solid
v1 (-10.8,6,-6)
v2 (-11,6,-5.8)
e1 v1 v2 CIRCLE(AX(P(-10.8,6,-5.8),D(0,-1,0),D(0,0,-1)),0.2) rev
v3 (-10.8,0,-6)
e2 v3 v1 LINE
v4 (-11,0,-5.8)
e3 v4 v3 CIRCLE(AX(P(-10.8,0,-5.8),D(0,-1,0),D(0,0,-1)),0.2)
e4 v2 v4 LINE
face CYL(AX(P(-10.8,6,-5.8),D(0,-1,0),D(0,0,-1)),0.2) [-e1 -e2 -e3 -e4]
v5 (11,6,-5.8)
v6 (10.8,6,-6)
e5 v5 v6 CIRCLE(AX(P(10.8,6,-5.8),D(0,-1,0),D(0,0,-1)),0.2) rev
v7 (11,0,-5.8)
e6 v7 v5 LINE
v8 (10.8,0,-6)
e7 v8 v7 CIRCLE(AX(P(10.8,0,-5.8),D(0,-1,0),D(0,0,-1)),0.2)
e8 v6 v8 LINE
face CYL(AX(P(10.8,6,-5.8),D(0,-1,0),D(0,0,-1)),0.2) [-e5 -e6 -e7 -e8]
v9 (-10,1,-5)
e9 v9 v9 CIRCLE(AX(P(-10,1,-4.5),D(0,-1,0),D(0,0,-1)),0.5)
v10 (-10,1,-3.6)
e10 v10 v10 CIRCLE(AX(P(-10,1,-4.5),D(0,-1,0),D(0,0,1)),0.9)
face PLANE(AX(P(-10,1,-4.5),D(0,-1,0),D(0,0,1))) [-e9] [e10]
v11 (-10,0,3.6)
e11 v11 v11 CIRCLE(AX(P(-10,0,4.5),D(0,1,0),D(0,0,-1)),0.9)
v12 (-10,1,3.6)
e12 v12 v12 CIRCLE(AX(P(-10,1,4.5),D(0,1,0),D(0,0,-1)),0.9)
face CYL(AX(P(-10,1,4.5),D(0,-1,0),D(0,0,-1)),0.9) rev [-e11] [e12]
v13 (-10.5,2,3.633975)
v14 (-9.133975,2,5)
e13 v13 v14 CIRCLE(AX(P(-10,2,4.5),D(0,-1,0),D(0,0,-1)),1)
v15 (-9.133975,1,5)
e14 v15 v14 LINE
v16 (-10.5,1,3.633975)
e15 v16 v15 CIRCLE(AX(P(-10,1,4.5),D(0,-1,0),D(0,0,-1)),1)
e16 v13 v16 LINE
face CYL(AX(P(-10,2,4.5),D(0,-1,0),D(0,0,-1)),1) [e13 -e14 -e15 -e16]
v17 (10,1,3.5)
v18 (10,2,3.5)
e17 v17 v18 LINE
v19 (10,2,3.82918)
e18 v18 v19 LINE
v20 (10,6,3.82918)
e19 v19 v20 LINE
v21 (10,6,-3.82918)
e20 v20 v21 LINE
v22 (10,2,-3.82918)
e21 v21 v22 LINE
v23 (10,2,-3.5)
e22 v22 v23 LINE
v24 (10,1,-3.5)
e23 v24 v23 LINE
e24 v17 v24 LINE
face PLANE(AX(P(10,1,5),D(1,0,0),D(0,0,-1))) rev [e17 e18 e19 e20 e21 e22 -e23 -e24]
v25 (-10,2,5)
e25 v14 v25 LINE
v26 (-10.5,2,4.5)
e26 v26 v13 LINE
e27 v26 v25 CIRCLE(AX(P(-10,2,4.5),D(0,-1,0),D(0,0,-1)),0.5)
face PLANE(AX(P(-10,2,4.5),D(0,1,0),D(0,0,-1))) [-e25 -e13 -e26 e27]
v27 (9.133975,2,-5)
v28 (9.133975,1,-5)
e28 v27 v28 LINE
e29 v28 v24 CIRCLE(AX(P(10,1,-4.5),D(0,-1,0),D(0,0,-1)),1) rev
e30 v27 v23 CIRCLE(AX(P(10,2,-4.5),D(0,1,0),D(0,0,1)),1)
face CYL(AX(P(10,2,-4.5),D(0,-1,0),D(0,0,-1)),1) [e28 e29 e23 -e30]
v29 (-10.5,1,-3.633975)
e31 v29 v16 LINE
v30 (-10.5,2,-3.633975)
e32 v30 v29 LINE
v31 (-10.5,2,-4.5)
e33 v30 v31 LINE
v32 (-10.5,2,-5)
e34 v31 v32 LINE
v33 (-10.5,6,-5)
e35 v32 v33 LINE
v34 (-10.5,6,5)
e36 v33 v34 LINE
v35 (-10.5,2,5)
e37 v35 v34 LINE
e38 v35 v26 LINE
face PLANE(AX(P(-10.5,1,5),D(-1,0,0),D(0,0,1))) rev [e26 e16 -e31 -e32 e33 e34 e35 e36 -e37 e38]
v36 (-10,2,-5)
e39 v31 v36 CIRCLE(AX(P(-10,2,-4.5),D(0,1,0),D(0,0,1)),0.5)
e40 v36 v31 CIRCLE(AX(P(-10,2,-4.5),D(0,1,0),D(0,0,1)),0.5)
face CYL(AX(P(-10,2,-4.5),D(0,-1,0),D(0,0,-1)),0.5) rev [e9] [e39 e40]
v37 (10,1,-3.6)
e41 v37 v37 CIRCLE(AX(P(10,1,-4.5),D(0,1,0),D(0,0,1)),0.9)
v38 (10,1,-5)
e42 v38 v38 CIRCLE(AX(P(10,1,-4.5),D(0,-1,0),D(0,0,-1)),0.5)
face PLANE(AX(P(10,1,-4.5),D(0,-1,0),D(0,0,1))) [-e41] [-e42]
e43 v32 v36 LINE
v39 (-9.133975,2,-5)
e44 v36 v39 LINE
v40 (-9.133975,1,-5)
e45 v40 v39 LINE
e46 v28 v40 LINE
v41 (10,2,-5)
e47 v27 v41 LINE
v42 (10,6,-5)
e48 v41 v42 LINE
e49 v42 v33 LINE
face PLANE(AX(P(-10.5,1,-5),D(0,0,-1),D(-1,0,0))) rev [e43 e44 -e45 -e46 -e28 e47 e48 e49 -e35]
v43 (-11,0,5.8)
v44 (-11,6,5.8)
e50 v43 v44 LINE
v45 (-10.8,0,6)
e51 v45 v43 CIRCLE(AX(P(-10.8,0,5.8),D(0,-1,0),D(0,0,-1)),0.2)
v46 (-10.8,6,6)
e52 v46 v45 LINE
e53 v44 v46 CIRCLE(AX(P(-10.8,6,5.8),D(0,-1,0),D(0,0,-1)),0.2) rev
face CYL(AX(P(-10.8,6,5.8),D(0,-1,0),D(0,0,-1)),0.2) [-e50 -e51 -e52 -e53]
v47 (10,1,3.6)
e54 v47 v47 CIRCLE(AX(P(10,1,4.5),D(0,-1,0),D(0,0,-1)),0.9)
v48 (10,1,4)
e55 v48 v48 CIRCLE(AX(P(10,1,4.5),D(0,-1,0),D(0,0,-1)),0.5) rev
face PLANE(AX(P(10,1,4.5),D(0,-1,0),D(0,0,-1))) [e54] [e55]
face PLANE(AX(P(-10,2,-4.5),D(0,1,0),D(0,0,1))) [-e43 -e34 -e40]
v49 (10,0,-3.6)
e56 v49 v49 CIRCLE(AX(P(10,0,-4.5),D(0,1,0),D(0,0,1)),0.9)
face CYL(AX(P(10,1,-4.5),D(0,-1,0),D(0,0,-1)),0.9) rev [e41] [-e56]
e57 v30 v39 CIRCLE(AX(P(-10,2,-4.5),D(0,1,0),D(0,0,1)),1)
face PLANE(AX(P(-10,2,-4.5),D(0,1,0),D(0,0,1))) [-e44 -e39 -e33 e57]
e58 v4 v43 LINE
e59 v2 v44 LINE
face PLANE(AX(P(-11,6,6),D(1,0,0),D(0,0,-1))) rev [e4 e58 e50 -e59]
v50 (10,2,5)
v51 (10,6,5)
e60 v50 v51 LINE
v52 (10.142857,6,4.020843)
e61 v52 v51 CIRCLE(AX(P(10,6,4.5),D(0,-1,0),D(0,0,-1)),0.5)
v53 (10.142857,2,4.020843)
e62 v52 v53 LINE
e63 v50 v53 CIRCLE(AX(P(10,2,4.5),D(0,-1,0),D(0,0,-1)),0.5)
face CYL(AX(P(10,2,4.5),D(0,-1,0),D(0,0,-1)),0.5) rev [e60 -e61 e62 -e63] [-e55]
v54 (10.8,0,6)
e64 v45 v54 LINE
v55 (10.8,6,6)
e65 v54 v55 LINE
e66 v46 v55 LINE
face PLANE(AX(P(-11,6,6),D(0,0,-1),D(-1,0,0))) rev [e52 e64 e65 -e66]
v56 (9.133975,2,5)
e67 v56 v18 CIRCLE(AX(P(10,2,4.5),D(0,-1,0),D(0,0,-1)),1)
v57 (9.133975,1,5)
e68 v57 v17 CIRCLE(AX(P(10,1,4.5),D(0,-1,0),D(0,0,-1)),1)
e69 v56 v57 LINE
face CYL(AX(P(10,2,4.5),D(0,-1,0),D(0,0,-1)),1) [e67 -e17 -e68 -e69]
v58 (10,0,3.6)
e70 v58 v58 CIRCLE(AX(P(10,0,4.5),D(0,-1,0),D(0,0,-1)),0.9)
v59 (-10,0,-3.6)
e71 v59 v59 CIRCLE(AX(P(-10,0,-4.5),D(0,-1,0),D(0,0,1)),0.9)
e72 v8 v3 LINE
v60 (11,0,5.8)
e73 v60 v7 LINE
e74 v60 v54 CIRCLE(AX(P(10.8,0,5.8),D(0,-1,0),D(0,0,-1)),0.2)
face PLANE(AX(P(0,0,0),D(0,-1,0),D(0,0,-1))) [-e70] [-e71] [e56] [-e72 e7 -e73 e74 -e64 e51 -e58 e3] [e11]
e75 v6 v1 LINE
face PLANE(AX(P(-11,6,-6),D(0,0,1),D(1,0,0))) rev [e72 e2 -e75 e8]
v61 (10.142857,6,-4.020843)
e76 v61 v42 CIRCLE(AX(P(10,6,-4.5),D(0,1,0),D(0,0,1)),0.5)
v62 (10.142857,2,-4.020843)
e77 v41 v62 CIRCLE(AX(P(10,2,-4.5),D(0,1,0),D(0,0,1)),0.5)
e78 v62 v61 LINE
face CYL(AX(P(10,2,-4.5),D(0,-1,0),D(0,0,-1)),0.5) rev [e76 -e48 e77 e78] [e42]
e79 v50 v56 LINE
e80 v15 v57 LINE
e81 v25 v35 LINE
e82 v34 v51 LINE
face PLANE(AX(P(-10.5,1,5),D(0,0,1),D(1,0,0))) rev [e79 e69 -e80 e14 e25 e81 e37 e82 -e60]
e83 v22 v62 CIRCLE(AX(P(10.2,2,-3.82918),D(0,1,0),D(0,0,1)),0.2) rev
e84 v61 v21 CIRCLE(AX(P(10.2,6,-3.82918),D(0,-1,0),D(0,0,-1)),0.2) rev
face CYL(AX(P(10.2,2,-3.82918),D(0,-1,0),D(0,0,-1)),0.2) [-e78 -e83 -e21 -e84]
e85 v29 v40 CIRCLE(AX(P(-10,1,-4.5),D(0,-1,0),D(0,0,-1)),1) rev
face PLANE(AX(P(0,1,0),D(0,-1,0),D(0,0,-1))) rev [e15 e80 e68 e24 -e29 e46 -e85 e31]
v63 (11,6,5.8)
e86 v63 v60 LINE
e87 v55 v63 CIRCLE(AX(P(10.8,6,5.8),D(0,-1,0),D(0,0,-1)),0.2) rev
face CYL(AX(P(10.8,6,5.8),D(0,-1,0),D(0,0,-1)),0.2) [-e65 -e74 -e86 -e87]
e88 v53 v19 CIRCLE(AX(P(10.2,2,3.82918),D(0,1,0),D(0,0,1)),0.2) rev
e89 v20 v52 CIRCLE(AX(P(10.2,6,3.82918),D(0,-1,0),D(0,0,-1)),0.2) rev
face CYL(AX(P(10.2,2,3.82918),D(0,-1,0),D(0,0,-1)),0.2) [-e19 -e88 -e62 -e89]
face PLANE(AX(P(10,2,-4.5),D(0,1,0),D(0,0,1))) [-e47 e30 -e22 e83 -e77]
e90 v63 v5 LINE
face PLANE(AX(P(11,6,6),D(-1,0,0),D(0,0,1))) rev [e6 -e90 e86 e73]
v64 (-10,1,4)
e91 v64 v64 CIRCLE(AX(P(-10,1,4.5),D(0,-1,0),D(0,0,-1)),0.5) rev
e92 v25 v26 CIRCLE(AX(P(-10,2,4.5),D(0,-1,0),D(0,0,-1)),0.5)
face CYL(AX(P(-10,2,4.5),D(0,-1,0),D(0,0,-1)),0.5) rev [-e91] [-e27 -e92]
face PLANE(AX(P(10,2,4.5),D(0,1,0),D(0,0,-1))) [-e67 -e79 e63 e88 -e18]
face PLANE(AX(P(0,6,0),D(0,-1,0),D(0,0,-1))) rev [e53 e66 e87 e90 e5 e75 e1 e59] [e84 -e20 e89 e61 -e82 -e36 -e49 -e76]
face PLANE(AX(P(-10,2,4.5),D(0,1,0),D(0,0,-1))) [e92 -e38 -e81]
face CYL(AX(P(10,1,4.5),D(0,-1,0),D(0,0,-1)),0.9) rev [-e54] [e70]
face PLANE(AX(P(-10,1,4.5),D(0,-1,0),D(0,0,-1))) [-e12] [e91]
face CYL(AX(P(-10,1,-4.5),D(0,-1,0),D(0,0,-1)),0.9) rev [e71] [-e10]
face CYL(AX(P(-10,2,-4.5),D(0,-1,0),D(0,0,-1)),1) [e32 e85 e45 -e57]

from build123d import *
from build123d.topology import SkipClean

# Parameters (mm, degrees)
SKETCH1_W               = 22
SKETCH1_H               = 12
BOSS_EXTRUDE1_DEPTH     = 6
FILLET1_R               = 0.2
SKETCH2_W               = 20.5
SKETCH2_H               = 10
CUT_EXTRUDE1_DEPTH      = 5
SKETCH3_R               = 1
SKETCH3_R_2             = 0.5
BOSS_EXTRUDE2_DEPTH     = 1
SKETCH7_R               = 1
SKETCH7_R_2             = 0.5
BOSS_EXTRUDE3_DEPTH     = 1
SKETCH8_R               = 0.5
CUT_EXTRUDE4_DEPTH      = 14.892443989
FILLET2_R               = 0.2
MIRROR5_COPY_1_SKETCH_R = 0.5
MIRROR5_COPY_1_DEPTH    = 14.892443989
SKETCH9_R               = 0.9
CUT_EXTRUDE12_DEPTH     = 1
MIRROR7_COPY_1_SKETCH_R = 0.9
MIRROR7_COPY_1_DEPTH    = 1


with BuildPart() as part:
    # Sketch1 → Boss-Extrude1 (new body)
    with BuildSketch(Plane(origin=(0, 0, 0), x_dir=(1, 0, 0), z_dir=(0, 1, 0))):
        Rectangle(SKETCH1_W, SKETCH1_H)
    extrude(amount=BOSS_EXTRUDE1_DEPTH)

    # Fillet1
    fillet1_edges = [part.edges().sort_by_distance(p)[0] for p in [
        (11, 3, 6),
        (-11, 3, 6),
        (-11, 3, -6),
        (11, 3, -6),
    ]]
    fillet(fillet1_edges, radius=FILLET1_R)

    # Sketch2 → Cut-Extrude1 (cut)
    with BuildSketch(Plane(origin=(0, 6, 0), x_dir=(1, 0, 0), z_dir=(0, 1, 0))):
        with Locations((-0.25, 0)):
            Rectangle(SKETCH2_W, SKETCH2_H)
    extrude(amount=-CUT_EXTRUDE1_DEPTH, mode=Mode.SUBTRACT)

    # Sketch3 → Boss-Extrude2 (add)
    with BuildSketch(Plane(origin=(0, 1, 0), x_dir=(1, 0, 0), z_dir=(0, 1, 0))):
        with Locations((10, 4.5)):
            Circle(SKETCH3_R)
        with Locations((10, 4.5)):
            Circle(SKETCH3_R_2, mode=Mode.SUBTRACT)
    boss_extrude2 = extrude(amount=BOSS_EXTRUDE2_DEPTH)

    # Mirror1: Boss-Extrude2 across plane
    add(boss_extrude2.mirror(Plane.XY))

    # Sketch7 → Boss-Extrude3 (add)
    with BuildSketch(Plane(origin=(0, 1, 0), x_dir=(1, 0, 0), z_dir=(0, 1, 0))):
        with Locations((-10, 4.5)):
            Circle(SKETCH7_R)
        with Locations(Location((-10, 4.5, 0), (0, 0, 90))):
            Circle(SKETCH7_R_2, mode=Mode.SUBTRACT)
    boss_extrude3 = extrude(amount=BOSS_EXTRUDE3_DEPTH)

    # Mirror3: Boss-Extrude3 across plane
    add(boss_extrude3.mirror(Plane.XY))

    # Sketch8 → Cut-Extrude4 (cut, through all)
    with SkipClean():  # the faces are left unmerged after this step: merging them gives an invalid solid
        with BuildSketch(Plane(origin=(0, 6, 0), x_dir=(1, 0, 0), z_dir=(0, 1, 0))):
            with Locations(Location((10, 4.5, 0), (0, 0, 270))):
                Circle(SKETCH8_R)
        cut_extrude4 = extrude(amount=-CUT_EXTRUDE4_DEPTH, mode=Mode.SUBTRACT)

    # Mirror4: Cut-Extrude4 across plane
    with SkipClean():  # the faces are left unmerged after this step: merging them gives an invalid solid
        add(cut_extrude4.mirror(Plane.XY), mode=Mode.SUBTRACT)

    # Fillet2
    fillet2_edges = [part.edges().sort_by_distance(p)[0] for p in [
        (10, 4, -4),
        (10, 4, 4),
    ]]
    fillet(fillet2_edges, radius=FILLET2_R)

    # Mirror5: Cut-Extrude4 across plane
    with SkipClean():  # the faces are left unmerged after this step: merging them gives an invalid solid
        add(cut_extrude4.mirror(Plane(origin=(0, 0, 0), x_dir=(0, 0, 1), z_dir=(1, 0, 0))), mode=Mode.SUBTRACT)

    # Mirror5 copy 1 sketch → Mirror5 copy 1 (cut, through all)
    with SkipClean():  # the faces are left unmerged after this step: merging them gives an invalid solid
        with BuildSketch(Plane(origin=(0, 6, 0), x_dir=(-1, 0, 0), z_dir=(0, 1, 0))):
            with Locations(Location((10, 4.5, 0), (0, 0, 270))):
                Circle(MIRROR5_COPY_1_SKETCH_R)
        extrude(amount=-MIRROR5_COPY_1_DEPTH, mode=Mode.SUBTRACT)

    # Sketch9 → Cut-Extrude12 (cut)
    with SkipClean():  # the faces are left unmerged after this step: merging them gives an invalid solid
        with BuildSketch(Plane(origin=(0, 0, 0), x_dir=(-1, 0, 0), z_dir=(0, -1, 0))):
            with Locations(Location((-10, -4.5, 0), (0, 0, 90))):
                Circle(SKETCH9_R)
        cut_extrude12 = extrude(amount=-CUT_EXTRUDE12_DEPTH, mode=Mode.SUBTRACT)

    # Mirror6: Cut-Extrude12 across plane
    with SkipClean():  # the faces are left unmerged after this step: merging them gives an invalid solid
        add(cut_extrude12.mirror(Plane(origin=(0, 0, 0), x_dir=(0, 0, 1), z_dir=(1, 0, 0))), mode=Mode.SUBTRACT)

    # Mirror7: Cut-Extrude12 across plane
    add(cut_extrude12.mirror(Plane.XY), mode=Mode.SUBTRACT)

    # Mirror7 copy 1 sketch → Mirror7 copy 1 (cut)
    with SkipClean():  # the faces are left unmerged after this step: merging them gives an invalid solid
        with BuildSketch(Plane.XZ):
            with Locations(Location((-10, -4.5, 0), (0, 0, 90))):
                Circle(MIRROR7_COPY_1_SKETCH_R)
        extrude(amount=-MIRROR7_COPY_1_DEPTH, mode=Mode.SUBTRACT)


solid = part.part
